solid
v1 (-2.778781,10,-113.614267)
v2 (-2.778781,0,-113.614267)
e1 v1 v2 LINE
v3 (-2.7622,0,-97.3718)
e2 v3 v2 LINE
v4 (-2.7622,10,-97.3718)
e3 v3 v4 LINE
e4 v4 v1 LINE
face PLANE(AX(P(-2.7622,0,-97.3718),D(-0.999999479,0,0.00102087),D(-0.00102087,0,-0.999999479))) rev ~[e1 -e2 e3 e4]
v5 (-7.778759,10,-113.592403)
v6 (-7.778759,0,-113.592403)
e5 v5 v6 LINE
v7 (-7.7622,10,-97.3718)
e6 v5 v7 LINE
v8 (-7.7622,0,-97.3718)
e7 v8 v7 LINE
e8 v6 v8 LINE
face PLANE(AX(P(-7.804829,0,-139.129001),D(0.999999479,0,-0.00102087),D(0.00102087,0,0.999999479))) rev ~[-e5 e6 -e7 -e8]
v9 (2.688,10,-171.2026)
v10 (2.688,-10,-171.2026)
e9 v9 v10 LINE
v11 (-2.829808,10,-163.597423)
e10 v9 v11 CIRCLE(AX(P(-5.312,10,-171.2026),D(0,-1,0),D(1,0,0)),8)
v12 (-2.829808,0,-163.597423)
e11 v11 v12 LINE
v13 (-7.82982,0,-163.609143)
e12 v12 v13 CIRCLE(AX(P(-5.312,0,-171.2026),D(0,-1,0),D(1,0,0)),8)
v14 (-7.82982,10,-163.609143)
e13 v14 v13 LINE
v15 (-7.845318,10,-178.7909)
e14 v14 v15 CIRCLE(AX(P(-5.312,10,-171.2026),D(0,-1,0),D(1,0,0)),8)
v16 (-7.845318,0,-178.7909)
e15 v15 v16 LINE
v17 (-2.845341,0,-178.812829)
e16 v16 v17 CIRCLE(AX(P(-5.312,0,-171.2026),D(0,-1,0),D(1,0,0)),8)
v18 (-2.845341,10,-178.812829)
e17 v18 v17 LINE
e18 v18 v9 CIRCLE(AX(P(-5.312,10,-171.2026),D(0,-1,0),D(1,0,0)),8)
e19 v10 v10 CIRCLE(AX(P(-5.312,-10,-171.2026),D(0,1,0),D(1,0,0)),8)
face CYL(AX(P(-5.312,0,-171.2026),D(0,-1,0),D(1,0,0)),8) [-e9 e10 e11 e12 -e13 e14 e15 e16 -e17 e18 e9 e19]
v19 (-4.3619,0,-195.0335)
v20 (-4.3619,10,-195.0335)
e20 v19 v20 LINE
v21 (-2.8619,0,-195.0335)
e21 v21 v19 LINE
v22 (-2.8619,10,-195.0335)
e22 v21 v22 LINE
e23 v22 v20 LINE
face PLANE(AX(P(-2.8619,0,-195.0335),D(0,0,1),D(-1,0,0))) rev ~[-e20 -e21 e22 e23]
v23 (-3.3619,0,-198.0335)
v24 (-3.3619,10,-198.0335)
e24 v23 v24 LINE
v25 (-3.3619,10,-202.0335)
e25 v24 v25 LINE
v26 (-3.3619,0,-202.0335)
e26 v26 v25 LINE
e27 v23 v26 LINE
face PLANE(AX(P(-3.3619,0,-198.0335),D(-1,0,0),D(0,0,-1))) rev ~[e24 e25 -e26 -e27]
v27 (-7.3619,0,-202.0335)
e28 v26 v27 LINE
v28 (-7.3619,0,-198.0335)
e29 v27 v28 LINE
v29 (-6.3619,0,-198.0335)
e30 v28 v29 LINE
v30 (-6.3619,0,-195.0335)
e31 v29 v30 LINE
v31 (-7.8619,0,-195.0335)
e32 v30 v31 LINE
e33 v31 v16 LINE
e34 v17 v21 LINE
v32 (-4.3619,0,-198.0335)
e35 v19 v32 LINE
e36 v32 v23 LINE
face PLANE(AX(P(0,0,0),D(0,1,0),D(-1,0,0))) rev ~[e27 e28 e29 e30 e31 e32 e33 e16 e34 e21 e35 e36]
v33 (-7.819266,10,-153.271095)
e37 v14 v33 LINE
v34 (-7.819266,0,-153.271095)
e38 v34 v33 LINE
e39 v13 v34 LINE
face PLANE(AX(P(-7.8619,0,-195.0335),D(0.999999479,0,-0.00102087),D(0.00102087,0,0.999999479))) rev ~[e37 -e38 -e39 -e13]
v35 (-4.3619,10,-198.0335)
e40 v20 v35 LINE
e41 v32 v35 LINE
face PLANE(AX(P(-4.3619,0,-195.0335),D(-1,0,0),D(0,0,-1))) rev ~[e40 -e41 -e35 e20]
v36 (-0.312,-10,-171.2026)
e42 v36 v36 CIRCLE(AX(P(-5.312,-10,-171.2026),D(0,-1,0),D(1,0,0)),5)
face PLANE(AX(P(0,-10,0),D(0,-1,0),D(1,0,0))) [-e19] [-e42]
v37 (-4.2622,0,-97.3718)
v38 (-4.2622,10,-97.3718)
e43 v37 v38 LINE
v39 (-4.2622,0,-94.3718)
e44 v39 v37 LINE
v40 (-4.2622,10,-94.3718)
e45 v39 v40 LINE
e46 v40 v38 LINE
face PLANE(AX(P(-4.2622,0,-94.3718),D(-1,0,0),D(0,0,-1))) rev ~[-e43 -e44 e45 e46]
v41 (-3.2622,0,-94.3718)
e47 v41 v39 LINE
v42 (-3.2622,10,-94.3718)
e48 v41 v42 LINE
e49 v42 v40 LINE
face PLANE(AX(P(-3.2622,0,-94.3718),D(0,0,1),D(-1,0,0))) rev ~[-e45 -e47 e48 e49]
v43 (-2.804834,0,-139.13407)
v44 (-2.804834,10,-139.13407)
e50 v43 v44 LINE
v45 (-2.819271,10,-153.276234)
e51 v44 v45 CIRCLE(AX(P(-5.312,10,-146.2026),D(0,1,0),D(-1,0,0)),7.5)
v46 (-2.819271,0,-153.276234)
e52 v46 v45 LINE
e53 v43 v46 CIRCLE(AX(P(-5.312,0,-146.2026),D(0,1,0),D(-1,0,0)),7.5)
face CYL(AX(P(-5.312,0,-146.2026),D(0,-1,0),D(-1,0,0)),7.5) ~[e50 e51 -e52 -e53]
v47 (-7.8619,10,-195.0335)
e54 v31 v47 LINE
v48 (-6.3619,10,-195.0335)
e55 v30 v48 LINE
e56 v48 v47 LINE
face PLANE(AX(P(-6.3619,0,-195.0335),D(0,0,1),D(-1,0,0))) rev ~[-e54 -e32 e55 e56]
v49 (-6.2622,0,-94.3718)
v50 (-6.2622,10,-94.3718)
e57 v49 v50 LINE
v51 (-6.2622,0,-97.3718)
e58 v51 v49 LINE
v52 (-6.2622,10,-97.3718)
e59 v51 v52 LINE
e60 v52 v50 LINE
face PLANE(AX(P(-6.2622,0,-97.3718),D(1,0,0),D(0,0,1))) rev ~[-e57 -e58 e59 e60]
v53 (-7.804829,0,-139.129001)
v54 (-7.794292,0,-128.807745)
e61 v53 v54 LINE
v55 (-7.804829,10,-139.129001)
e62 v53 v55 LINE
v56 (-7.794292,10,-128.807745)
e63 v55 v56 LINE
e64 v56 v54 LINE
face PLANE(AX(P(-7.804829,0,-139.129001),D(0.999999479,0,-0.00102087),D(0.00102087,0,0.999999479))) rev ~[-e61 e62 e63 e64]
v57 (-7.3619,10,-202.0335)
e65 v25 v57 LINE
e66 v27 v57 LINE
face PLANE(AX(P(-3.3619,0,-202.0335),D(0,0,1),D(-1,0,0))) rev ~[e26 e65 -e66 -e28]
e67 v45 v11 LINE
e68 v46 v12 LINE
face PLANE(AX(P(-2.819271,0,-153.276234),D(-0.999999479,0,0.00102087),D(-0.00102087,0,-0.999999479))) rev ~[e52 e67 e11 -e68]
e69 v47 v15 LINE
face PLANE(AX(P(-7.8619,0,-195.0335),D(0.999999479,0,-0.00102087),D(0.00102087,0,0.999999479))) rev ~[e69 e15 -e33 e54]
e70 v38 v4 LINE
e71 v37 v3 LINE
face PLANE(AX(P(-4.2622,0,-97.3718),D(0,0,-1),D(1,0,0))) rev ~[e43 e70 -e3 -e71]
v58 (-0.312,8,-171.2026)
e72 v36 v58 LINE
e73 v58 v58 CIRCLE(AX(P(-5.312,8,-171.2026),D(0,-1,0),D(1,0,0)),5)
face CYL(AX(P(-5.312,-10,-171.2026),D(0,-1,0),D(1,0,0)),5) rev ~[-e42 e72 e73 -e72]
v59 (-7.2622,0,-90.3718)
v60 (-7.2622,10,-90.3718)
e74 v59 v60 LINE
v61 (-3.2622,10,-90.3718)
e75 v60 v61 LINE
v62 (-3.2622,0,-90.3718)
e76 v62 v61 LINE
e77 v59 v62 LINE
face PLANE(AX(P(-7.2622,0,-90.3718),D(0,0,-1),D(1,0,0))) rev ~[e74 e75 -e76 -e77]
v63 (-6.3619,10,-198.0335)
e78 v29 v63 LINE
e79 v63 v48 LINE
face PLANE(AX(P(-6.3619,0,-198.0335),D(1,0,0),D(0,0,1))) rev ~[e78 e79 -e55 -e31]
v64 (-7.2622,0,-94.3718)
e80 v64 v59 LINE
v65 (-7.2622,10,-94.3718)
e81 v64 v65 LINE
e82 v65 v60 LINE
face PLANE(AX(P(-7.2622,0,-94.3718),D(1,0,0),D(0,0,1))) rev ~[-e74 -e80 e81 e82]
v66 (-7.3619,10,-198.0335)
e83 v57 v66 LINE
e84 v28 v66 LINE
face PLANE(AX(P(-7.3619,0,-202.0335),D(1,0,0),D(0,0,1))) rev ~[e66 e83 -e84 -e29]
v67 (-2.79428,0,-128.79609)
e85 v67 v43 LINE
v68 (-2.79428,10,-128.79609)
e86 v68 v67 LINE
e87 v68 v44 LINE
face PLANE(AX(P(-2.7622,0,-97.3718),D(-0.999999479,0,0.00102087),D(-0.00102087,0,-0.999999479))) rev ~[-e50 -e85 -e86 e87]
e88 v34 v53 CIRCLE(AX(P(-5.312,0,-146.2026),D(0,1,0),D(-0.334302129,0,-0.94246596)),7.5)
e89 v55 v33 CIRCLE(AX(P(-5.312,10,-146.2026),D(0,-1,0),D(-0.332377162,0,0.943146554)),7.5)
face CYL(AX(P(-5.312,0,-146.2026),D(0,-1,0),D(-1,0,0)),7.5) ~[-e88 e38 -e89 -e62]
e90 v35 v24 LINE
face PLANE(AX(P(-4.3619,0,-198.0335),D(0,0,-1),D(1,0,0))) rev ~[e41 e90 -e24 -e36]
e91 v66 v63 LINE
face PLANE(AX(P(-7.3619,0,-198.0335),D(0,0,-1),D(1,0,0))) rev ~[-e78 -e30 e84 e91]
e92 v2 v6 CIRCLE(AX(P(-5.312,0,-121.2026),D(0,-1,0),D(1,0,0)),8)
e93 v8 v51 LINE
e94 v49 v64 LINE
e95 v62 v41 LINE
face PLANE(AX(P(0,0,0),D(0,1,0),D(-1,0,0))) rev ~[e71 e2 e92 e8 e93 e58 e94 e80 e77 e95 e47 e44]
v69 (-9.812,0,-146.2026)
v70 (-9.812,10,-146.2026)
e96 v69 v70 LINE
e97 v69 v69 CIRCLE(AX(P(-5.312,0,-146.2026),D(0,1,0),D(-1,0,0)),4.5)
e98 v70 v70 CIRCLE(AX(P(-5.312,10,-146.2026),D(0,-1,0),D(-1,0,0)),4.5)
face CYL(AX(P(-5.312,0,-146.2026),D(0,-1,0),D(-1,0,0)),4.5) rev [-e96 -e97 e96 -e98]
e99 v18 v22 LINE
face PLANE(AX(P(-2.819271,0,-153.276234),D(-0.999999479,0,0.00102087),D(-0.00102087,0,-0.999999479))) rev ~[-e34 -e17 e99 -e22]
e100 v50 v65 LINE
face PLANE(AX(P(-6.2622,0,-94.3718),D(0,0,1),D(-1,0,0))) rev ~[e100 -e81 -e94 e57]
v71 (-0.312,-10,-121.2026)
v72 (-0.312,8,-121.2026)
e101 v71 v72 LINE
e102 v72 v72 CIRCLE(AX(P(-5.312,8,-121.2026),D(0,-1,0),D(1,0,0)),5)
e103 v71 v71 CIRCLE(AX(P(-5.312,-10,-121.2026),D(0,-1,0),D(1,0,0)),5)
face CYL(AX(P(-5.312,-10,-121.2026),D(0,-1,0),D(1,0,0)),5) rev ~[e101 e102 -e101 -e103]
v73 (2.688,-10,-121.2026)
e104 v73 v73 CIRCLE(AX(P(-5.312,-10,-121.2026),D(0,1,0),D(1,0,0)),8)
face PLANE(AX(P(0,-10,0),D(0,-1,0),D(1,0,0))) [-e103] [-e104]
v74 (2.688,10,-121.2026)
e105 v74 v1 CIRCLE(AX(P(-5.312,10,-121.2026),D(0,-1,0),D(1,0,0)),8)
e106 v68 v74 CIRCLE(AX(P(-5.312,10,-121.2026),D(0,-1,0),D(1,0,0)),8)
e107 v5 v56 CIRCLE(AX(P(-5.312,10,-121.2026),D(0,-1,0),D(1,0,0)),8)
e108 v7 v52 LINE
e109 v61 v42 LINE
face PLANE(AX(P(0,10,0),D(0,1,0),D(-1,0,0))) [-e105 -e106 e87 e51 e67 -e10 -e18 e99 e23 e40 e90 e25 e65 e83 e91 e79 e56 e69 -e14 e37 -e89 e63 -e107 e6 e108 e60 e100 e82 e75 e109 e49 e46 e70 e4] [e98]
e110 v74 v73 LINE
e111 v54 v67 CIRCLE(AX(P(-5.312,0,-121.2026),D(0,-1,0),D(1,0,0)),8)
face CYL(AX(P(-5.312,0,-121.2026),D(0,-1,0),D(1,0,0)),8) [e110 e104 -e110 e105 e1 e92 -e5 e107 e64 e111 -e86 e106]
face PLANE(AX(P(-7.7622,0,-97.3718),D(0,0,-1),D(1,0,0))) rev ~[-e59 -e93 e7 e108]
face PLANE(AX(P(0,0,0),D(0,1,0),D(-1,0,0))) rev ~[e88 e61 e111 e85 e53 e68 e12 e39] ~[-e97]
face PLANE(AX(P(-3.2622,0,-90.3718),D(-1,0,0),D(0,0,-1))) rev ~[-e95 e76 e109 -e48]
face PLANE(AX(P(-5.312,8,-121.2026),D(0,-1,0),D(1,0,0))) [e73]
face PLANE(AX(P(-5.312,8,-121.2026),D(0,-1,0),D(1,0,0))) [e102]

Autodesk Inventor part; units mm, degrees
ref_plane "YZ Plane" through (0, 0, 0) normal (1, 0, 0) x (0, 1, 0)
ref_plane "XZ Plane" through (0, 0, 0) normal (0, 1, 0) x (-1, 0, 0)
ref_plane "XY Plane" through (0, 0, 0) normal (0, 0, 1) x (1, 0, 0)
sketch "Sketch1" plane through (0, 0, 0) normal (0, 1, 0) x (-1, 0, 0)
  line L0 (16.7626, -83.8715) -> (19.7626, -83.8715) projected
  line L1 (19.7626, -83.8715) -> (19.7626, -85.3715) projected
  line L2 (19.7626, -85.3715) -> (10.7873, -88.3968) projected
  line L3 (10.7873, -88.3968) -> (7.7622, -97.3718) projected
  line L4 (7.7622, -97.3718) -> (6.2622, -97.3718) projected
  line L5 (6.2622, -97.3718) -> (6.2622, -94.3718) projected
  line L6 (6.2622, -94.3718) -> (7.2622, -94.3718) projected
  line L7 (7.2622, -94.3718) -> (7.2622, -90.3718) projected
  line L8 (7.2622, -90.3718) -> (3.2622, -90.3718) projected
  line L9 (3.2622, -90.3718) -> (3.2622, -94.3718) projected
  line L10 (3.2622, -94.3718) -> (4.2622, -94.3718) projected
  line L11 (4.2622, -94.3718) -> (4.2622, -97.3718) projected
  line L12 (4.2622, -97.3718) -> (2.7622, -97.3718) projected
  line L13 (2.7622, -97.3718) -> (-1.3715, -85.1077) projected
  arc A0 (7.4979, -76.2381) -> (-1.3715, -85.1077) centre (5.2622, -82.8718) ccw projected
  line L14 (7.4979, -76.2381) -> (19.7626, -80.3715) projected
  line L15 (19.7626, -80.3715) -> (19.7626, -81.8715) projected
  line L16 (19.7626, -81.8715) -> (16.7626, -81.8715) projected
  line L17 (16.7626, -81.8715) -> (16.7626, -80.8715) projected
  line L18 (16.7626, -80.8715) -> (12.7626, -80.8715) projected
  line L19 (12.7626, -80.8715) -> (12.7626, -84.8715) projected
  line L20 (12.7626, -84.8715) -> (16.7626, -84.8715) projected
  line L21 (16.7626, -84.8715) -> (16.7626, -83.8715) projected
  line L22 (6.3619, -198.0335) -> (6.3619, -195.0335) projected
  line L23 (6.3619, -195.0335) -> (7.8619, -195.0335) projected
  line L24 (7.8619, -195.0335) -> (10.8872, -204.0087) projected
  line L25 (10.8872, -204.0087) -> (19.8622, -207.0338) projected
  line L26 (19.8622, -207.0338) -> (19.8622, -208.5338) projected
  line L27 (19.8622, -208.5338) -> (16.8622, -208.5338) projected
  line L28 (16.8622, -208.5338) -> (16.8622, -207.5338) projected
  line L29 (16.8622, -207.5338) -> (12.8622, -207.5338) projected
  line L30 (12.8622, -207.5338) -> (12.8622, -211.5338) projected
  line L31 (12.8622, -211.5338) -> (16.8622, -211.5338) projected
  line L32 (16.8622, -211.5338) -> (16.8622, -210.5338) projected
  line L33 (16.8622, -210.5338) -> (19.8622, -210.5338) projected
  line L34 (19.8622, -210.5338) -> (19.8622, -212.0338) projected
  line L35 (19.8622, -212.0338) -> (7.5981, -216.1675) projected
  arc A1 (-1.2715, -207.2981) -> (7.5981, -216.1675) centre (5.3622, -209.5338) ccw projected
  line L36 (-1.2715, -207.2981) -> (2.8619, -195.0335) projected
  line L37 (2.8619, -195.0335) -> (4.3619, -195.0335) projected
  line L38 (4.3619, -195.0335) -> (4.3619, -198.0335) projected
  line L39 (4.3619, -198.0335) -> (3.3619, -198.0335) projected
  line L40 (3.3619, -198.0335) -> (3.3619, -202.0335) projected
  line L41 (3.3619, -202.0335) -> (7.3619, -202.0335) projected
  line L42 (7.3619, -202.0335) -> (7.3619, -198.0335) projected
  line L43 (7.3619, -198.0335) -> (6.3619, -198.0335) projected
  line L44 (2.7622, -97.3718) -> (2.8619, -195.0335)
  line L45 (7.8619, -195.0335) -> (7.7622, -97.3718)
  line L46 (2.812, -146.2026) -> (7.812, -146.2026)
  circle A2 centre (5.312, -146.2026) radius 4.5
  circle A3 centre (5.312, -146.2026) radius 7.5
  point P0 (0, 0)
  point P1 (7.8048, -139.129)
  point P2 (2.8048, -139.1341)
  point P3 (2.8193, -153.2762)
  point P4 (7.8193, -153.2711)
  dimension "d8" = 9
  dimension "d9" = 15
extrude "Extrusion1" add sketch "Sketch1" along normal blind 10 contours L45 A3 L44 L12 L11 L10 L9 L8 L7 L6 L5 L4 | A3 L45 A2 | L45 A2 L44 A3 | L44 A2 A3 | A3 L44 A2 L45 | L45 L23 L22 L43 L42 L41 L40 L39 L38 L37 L44 A3
sketch "Sketch2" plane through (0, 0, 0) normal (0, -1, 0) x (1, 0, 0)
  line L0 (-4.3619, -198.0335) -> (-3.3619, -198.0335)
  line L1 (-4.3619, -195.0335) -> (-4.3619, -198.0335)
  line L2 (-2.8619, -195.0335) -> (-4.3619, -195.0335)
  line L3 (-2.7622, -97.3718) -> (-2.8619, -195.0335)
  line L4 (-4.2622, -97.3718) -> (-2.7622, -97.3718)
  line L5 (-4.2622, -94.3718) -> (-4.2622, -97.3718)
  line L6 (-3.2622, -94.3718) -> (-4.2622, -94.3718)
  line L7 (-3.2622, -90.3718) -> (-3.2622, -94.3718)
  line L8 (-7.2622, -90.3718) -> (-3.2622, -90.3718)
  line L9 (-7.2622, -94.3718) -> (-7.2622, -90.3718)
  line L10 (-6.2622, -94.3718) -> (-7.2622, -94.3718)
  line L11 (-6.2622, -97.3718) -> (-6.2622, -94.3718)
  line L12 (-7.7622, -97.3718) -> (-6.2622, -97.3718)
  line L13 (-7.8619, -195.0335) -> (-7.7622, -97.3718)
  line L14 (-6.3619, -195.0335) -> (-7.8619, -195.0335)
  line L15 (-6.3619, -198.0335) -> (-6.3619, -195.0335)
  line L16 (-7.3619, -198.0335) -> (-6.3619, -198.0335)
  line L17 (-7.3619, -202.0335) -> (-7.3619, -198.0335)
  line L18 (-3.3619, -202.0335) -> (-7.3619, -202.0335)
  line L19 (-3.3619, -198.0335) -> (-3.3619, -202.0335)
  line L20 (-7.812, -146.2026) -> (-2.812, -146.2026)
  line L21 (-6.2622, -97.3718) -> (-4.2622, -97.3718)
  line L22 (-5.312, -146.2026) -> (-5.312, -121.2026)
  line L23 (-5.312, -146.2026) -> (-5.312, -171.2026)
  circle A0 centre (-5.312, -171.2026) radius 8
  circle A1 centre (-5.312, -121.2026) radius 8
  point P0 (0, 0)
  dimension "d2" = 25
  dimension "d3" = 25
  dimension "d4" = 16
  dimension "d5" = 16
extrude "Extrusion2" add sketch "Sketch2" along normal mid plane 20 contours A0 L13 L3 | L3 A0 | A0 L13 | A1 L13 L3 | L3 A1 | A1 L13
sketch "Sketch3" plane through (-5.312, -10, -121.2026) normal (0, -1, 0) x (1, 0, 0)
  circle A0 centre (0, 0) radius 8 projected
  circle A1 centre (0, -50) radius 8 projected
  circle A2 centre (0, 0) radius 5
  circle A3 centre (0, -50) radius 5
  point P0 (5.312, 121.2026)
  dimension "d10" = 10
extrude "Extrusion3" cut sketch "Sketch3" against normal blind 18 contours A2 | A3
properties part number "Leg_rod"
